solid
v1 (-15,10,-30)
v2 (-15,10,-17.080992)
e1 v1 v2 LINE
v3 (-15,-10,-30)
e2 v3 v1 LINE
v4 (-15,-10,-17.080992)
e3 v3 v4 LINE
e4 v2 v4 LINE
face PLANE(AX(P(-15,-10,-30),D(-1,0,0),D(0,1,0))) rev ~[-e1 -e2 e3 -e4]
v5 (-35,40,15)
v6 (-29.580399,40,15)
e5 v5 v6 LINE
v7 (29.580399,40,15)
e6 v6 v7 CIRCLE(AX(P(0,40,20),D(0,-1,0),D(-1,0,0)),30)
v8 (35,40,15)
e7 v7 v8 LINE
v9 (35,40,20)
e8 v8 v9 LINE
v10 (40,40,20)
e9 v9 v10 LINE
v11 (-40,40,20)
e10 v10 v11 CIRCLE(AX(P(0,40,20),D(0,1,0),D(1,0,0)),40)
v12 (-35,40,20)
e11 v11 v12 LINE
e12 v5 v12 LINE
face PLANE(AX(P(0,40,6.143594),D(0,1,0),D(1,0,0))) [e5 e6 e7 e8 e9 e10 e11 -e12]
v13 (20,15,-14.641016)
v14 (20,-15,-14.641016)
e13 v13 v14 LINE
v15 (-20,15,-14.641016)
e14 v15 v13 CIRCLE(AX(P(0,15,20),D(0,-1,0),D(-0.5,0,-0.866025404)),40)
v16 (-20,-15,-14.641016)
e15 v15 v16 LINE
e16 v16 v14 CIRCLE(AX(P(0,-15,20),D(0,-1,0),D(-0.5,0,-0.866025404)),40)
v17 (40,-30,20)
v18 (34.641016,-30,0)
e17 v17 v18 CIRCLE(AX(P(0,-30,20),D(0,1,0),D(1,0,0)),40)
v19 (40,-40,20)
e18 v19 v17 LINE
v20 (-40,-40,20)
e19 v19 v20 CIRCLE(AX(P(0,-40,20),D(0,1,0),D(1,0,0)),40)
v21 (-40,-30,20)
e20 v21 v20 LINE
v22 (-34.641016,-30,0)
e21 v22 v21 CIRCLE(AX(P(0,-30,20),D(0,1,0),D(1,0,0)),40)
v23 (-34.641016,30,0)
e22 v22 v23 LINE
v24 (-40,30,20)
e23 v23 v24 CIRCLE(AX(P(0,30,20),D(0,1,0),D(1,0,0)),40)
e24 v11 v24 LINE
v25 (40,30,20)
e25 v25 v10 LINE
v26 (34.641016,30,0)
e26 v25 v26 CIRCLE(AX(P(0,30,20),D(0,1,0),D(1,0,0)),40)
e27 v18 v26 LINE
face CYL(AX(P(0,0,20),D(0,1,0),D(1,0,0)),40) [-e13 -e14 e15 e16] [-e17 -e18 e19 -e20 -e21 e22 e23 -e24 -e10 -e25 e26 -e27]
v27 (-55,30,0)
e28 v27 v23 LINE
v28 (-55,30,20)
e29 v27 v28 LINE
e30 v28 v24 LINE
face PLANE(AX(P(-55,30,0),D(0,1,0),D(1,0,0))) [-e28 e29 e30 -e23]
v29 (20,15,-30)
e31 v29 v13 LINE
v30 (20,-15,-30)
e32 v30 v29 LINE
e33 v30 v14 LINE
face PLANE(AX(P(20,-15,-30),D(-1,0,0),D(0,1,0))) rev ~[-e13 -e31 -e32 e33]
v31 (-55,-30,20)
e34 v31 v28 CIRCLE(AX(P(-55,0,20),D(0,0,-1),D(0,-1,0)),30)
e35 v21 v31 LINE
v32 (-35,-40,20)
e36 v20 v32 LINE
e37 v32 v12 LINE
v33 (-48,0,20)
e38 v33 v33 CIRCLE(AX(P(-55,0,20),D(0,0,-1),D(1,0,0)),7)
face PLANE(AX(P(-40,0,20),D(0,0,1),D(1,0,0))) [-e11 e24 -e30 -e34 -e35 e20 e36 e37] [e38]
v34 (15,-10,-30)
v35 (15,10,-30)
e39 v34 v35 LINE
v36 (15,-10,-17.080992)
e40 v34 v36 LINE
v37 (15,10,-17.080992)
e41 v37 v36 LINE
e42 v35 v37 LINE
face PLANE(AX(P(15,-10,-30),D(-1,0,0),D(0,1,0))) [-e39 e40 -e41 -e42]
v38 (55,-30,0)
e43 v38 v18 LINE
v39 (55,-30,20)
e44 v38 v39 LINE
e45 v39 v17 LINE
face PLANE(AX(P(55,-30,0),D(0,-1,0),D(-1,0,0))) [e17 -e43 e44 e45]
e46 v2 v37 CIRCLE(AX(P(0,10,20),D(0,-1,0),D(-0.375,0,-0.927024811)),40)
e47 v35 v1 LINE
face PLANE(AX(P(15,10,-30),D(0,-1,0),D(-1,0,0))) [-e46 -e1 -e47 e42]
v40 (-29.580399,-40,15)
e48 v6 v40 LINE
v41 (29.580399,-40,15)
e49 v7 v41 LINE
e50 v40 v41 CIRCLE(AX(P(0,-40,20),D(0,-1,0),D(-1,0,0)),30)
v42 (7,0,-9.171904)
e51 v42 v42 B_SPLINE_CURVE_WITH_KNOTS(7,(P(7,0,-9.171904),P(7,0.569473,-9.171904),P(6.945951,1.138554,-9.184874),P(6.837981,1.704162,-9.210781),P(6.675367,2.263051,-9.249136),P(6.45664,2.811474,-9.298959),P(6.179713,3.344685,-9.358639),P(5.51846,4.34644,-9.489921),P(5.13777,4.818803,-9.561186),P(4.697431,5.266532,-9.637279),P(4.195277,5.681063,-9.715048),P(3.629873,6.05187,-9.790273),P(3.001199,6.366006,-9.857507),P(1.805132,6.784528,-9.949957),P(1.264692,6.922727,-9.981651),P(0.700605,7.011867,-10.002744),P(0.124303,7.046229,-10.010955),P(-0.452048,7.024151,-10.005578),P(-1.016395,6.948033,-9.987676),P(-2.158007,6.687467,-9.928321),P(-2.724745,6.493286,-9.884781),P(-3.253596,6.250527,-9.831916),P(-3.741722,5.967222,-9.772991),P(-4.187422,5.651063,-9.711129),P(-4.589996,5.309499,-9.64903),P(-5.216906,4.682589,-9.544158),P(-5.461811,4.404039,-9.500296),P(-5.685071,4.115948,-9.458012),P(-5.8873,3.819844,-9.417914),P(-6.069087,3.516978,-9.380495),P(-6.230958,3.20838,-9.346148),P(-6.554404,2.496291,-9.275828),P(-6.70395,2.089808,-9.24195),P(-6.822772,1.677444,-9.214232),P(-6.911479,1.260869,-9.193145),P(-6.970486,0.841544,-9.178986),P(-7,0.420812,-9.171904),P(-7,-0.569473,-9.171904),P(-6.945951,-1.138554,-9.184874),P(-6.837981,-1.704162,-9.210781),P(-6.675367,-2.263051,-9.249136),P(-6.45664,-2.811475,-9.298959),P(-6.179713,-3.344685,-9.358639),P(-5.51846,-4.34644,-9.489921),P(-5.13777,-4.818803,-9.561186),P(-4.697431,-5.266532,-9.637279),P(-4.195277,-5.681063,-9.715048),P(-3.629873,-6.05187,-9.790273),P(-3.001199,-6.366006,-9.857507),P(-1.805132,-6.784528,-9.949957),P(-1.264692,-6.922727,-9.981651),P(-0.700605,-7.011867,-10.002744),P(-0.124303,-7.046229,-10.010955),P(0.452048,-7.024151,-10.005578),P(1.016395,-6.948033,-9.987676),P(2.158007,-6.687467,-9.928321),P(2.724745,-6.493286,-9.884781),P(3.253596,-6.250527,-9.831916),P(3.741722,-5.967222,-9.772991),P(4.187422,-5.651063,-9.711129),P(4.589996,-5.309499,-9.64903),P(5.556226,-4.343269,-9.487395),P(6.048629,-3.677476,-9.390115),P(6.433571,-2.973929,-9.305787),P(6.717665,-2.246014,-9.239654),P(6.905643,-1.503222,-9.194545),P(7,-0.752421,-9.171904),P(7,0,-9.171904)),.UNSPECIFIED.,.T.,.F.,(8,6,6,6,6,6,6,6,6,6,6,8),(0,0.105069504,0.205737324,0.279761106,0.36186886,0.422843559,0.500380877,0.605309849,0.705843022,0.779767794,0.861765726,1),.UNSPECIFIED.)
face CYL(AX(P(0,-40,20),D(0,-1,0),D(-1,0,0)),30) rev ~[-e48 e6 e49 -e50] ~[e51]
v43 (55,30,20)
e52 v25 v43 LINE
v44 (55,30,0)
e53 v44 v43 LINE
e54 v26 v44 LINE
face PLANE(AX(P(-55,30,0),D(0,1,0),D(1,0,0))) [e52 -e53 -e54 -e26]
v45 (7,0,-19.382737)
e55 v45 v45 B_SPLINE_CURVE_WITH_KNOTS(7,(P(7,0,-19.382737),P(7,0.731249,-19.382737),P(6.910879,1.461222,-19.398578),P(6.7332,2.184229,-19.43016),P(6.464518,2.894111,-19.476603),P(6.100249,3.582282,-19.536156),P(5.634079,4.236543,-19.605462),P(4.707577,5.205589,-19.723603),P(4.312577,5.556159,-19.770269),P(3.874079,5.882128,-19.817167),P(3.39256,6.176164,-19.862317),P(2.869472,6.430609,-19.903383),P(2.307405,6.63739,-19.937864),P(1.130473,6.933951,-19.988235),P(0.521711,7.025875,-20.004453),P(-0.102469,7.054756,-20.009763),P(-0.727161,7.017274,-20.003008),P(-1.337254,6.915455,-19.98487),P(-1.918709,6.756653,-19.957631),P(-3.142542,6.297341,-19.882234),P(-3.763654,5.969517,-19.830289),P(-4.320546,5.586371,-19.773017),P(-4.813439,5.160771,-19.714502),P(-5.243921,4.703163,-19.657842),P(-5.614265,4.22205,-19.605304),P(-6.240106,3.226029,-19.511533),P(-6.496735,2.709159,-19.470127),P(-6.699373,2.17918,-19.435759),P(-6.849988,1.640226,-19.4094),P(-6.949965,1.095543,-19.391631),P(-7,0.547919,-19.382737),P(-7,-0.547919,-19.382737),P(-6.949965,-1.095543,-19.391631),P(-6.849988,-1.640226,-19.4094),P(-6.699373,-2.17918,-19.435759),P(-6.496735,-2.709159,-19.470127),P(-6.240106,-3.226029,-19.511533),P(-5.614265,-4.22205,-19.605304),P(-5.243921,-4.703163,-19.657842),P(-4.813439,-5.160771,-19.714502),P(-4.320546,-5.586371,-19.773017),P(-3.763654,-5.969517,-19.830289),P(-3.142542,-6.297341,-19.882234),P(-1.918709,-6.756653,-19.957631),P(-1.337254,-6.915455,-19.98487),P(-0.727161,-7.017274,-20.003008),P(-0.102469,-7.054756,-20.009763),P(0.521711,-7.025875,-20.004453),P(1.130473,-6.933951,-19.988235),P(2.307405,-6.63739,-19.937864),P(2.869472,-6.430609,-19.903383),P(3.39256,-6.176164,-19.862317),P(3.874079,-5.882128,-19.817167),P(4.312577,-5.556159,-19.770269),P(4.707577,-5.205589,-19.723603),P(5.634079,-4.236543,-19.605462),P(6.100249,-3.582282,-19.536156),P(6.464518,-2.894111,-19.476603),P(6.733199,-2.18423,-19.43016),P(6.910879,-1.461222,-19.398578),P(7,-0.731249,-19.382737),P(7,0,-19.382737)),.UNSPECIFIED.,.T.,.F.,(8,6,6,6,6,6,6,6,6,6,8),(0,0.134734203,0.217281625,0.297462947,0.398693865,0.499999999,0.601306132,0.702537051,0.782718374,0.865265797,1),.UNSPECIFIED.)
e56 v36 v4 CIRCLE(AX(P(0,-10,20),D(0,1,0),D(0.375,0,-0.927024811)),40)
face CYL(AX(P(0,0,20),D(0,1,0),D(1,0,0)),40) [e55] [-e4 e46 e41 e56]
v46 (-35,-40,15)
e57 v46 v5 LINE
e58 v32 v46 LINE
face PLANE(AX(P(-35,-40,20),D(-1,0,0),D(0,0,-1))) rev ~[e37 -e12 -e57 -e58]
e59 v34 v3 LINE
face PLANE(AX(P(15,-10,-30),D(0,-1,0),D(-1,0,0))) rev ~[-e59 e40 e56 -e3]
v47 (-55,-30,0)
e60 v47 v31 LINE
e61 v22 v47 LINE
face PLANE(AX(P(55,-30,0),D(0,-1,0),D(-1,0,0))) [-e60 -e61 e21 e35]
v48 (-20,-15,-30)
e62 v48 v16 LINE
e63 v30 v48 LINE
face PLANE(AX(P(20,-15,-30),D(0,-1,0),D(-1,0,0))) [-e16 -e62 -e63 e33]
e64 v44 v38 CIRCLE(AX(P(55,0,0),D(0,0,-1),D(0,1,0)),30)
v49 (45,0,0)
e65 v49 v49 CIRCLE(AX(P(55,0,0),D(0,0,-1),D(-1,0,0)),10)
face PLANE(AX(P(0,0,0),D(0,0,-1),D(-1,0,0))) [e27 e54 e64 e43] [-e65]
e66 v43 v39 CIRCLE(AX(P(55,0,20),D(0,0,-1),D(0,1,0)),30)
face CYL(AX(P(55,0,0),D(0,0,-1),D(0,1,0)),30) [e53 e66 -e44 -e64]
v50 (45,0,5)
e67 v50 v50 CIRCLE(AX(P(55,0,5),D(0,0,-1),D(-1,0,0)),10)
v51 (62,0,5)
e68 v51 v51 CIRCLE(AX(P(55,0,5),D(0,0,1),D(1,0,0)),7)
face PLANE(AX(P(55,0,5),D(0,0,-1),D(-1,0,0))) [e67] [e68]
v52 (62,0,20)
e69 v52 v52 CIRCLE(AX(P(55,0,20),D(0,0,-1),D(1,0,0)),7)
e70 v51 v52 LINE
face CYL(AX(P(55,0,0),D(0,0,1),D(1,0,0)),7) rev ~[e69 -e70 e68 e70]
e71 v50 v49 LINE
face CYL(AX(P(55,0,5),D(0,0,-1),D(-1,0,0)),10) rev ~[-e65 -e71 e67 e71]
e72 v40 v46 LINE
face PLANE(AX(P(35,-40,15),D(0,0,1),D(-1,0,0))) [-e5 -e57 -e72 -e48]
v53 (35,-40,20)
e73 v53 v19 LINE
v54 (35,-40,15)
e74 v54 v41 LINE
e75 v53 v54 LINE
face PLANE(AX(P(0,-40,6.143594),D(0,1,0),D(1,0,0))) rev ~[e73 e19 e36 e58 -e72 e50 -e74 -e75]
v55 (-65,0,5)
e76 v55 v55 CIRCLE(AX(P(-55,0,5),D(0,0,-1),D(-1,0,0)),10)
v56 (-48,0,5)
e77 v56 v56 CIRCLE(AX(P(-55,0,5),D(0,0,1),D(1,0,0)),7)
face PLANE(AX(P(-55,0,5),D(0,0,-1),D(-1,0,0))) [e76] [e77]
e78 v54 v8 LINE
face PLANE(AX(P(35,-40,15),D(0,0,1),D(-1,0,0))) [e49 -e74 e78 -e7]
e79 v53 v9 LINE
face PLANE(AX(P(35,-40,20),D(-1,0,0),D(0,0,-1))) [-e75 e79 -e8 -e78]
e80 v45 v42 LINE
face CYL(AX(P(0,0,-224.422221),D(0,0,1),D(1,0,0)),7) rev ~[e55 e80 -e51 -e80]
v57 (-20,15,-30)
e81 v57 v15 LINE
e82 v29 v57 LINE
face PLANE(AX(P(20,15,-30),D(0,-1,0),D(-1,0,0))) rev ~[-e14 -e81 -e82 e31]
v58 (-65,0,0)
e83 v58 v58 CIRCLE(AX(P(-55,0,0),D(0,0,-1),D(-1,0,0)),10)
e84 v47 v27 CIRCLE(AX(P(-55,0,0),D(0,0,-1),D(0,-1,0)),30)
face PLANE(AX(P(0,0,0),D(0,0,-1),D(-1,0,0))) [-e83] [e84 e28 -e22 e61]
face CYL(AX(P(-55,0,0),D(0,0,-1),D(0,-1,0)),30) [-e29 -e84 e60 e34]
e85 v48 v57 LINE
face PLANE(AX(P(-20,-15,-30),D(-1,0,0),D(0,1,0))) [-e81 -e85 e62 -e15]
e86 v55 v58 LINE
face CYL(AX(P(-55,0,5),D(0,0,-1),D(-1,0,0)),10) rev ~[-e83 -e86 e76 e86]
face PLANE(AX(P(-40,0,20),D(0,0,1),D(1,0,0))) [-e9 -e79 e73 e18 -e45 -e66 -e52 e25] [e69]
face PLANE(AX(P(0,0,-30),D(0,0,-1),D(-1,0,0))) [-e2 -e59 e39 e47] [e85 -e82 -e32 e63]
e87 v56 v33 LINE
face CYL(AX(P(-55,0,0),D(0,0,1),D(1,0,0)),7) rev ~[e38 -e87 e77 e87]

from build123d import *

# Parameters (mm, degrees)
BOSS_EXTRUDE1_DEPTH      = 20
BOSS_EXTRUDE2_DEPTH      = 40
CUT_EXTRUDE1_REACH       = 120.427
SKETCH6_R                = 30
BOSS_EXTRUDE3_REACH      = 108.419
BOSS_EXTRUDE3_END_RADIUS = 40
SKETCH7_W                = 40
SKETCH7_H                = 30
SKETCH7_W_2              = 30
SKETCH7_H_2              = 20
SKETCH8_W                = 70
SKETCH8_H                = 5
CUT_EXTRUDE2_DEPTH       = 121.519707932
HOLE1_D                  = 14
HOLE2_D                  = 14
HOLE2_DEPTH              = 20
HOLE2_CBORE_D            = 20
HOLE2_CBORE_DEPTH        = 5
HOLE2_TIP                = 4.206024333


with BuildPart() as part:
    # Sketch1 → Boss-Extrude1 (new body)
    with BuildSketch(Plane.XY):
        with BuildLine():
            Line((-55, 30), (55, 30))
            ThreePointArc((55, 30), (85, 0), (55, -30))
            Line((55, -30), (-55, -30))
            ThreePointArc((-55, -30), (-85, 0), (-55, 30))
        make_face()
    extrude(amount=BOSS_EXTRUDE1_DEPTH)

    # Sketch5 → Boss-Extrude2 (add, symmetric)
    with BuildSketch(Plane(origin=(0, 0, 0), x_dir=(1, 0, 0), z_dir=(0, 1, 0))):
        with BuildLine():
            Line((-40, -20), (40, -20))
            ThreePointArc((40, -20), (0, 20), (-40, -20))
        make_face()
    extrude(amount=BOSS_EXTRUDE2_DEPTH, both=True)

    # Sketch6 → Cut-Extrude1 (cut, up to next)
    with BuildSketch(Plane(origin=(0, -40, 0), x_dir=(-1, 0, 0), z_dir=(0, -1, 0)), mode=Mode.PRIVATE) as cut_extrude1_sk1:
        with Locations((0, -20)):
            Circle(SKETCH6_R)
    cut_extrude1_tool1 = extrude(cut_extrude1_sk1.sketch, amount=-CUT_EXTRUDE1_REACH, mode=Mode.PRIVATE) & part.part
    add(cut_extrude1_tool1.solids().sort_by_distance((0, -40, 20))[0], mode=Mode.SUBTRACT)

    # Boss-Extrude3: up to this cylinder (the profile starts outside it)
    boss_extrude3_end = Plane(origin=(0, 14.5, 20), z_dir=(0, -1, 0)) * Cylinder(BOSS_EXTRUDE3_END_RADIUS, 297.838, mode=Mode.PRIVATE)
    # Sketch7 → Boss-Extrude3 (add, up to the surface)
    with BuildSketch(Plane(origin=(0, 0, -30), x_dir=(-1, 0, 0), z_dir=(0, 0, -1)), mode=Mode.PRIVATE) as boss_extrude3_sk1:
        Rectangle(SKETCH7_W, SKETCH7_H)
        Rectangle(SKETCH7_W_2, SKETCH7_H_2, mode=Mode.SUBTRACT)
    boss_extrude3_tool1 = extrude(boss_extrude3_sk1.sketch, amount=-BOSS_EXTRUDE3_REACH, mode=Mode.PRIVATE) - boss_extrude3_end
    add(boss_extrude3_tool1.solids().sort_by_distance((0, 14.5, -30))[0])

    # Sketch8 → Cut-Extrude2 (cut, through all)
    with BuildSketch(Plane(origin=(0, -40, 0), x_dir=(-1, 0, 0), z_dir=(0, -1, 0))):
        with Locations((0, -17.5)):
            Rectangle(SKETCH8_W, SKETCH8_H)
    extrude(amount=-CUT_EXTRUDE2_DEPTH, mode=Mode.SUBTRACT)

    # Hole1 (through all)
    with Locations(Plane(origin=(0, 0, -30), x_dir=(-1, 0, 0), z_dir=(0, 0, -1))):
        with Locations((0, 0)):
            Hole(HOLE1_D / 2)

    # Hole2
    with Locations(Plane(origin=(0, 0, 0), x_dir=(-1, 0, 0), z_dir=(0, 0, -1))):
        with Locations((-55, 0), (55, 0)):
            CounterBoreHole(HOLE2_D / 2, HOLE2_CBORE_D / 2, HOLE2_CBORE_DEPTH, depth=HOLE2_DEPTH)
            with Locations((0, 0, -(HOLE2_DEPTH + HOLE2_TIP / 2))):  # 118° drill point
                Cone(0, HOLE2_D / 2, HOLE2_TIP, mode=Mode.SUBTRACT)


solid = part.part
